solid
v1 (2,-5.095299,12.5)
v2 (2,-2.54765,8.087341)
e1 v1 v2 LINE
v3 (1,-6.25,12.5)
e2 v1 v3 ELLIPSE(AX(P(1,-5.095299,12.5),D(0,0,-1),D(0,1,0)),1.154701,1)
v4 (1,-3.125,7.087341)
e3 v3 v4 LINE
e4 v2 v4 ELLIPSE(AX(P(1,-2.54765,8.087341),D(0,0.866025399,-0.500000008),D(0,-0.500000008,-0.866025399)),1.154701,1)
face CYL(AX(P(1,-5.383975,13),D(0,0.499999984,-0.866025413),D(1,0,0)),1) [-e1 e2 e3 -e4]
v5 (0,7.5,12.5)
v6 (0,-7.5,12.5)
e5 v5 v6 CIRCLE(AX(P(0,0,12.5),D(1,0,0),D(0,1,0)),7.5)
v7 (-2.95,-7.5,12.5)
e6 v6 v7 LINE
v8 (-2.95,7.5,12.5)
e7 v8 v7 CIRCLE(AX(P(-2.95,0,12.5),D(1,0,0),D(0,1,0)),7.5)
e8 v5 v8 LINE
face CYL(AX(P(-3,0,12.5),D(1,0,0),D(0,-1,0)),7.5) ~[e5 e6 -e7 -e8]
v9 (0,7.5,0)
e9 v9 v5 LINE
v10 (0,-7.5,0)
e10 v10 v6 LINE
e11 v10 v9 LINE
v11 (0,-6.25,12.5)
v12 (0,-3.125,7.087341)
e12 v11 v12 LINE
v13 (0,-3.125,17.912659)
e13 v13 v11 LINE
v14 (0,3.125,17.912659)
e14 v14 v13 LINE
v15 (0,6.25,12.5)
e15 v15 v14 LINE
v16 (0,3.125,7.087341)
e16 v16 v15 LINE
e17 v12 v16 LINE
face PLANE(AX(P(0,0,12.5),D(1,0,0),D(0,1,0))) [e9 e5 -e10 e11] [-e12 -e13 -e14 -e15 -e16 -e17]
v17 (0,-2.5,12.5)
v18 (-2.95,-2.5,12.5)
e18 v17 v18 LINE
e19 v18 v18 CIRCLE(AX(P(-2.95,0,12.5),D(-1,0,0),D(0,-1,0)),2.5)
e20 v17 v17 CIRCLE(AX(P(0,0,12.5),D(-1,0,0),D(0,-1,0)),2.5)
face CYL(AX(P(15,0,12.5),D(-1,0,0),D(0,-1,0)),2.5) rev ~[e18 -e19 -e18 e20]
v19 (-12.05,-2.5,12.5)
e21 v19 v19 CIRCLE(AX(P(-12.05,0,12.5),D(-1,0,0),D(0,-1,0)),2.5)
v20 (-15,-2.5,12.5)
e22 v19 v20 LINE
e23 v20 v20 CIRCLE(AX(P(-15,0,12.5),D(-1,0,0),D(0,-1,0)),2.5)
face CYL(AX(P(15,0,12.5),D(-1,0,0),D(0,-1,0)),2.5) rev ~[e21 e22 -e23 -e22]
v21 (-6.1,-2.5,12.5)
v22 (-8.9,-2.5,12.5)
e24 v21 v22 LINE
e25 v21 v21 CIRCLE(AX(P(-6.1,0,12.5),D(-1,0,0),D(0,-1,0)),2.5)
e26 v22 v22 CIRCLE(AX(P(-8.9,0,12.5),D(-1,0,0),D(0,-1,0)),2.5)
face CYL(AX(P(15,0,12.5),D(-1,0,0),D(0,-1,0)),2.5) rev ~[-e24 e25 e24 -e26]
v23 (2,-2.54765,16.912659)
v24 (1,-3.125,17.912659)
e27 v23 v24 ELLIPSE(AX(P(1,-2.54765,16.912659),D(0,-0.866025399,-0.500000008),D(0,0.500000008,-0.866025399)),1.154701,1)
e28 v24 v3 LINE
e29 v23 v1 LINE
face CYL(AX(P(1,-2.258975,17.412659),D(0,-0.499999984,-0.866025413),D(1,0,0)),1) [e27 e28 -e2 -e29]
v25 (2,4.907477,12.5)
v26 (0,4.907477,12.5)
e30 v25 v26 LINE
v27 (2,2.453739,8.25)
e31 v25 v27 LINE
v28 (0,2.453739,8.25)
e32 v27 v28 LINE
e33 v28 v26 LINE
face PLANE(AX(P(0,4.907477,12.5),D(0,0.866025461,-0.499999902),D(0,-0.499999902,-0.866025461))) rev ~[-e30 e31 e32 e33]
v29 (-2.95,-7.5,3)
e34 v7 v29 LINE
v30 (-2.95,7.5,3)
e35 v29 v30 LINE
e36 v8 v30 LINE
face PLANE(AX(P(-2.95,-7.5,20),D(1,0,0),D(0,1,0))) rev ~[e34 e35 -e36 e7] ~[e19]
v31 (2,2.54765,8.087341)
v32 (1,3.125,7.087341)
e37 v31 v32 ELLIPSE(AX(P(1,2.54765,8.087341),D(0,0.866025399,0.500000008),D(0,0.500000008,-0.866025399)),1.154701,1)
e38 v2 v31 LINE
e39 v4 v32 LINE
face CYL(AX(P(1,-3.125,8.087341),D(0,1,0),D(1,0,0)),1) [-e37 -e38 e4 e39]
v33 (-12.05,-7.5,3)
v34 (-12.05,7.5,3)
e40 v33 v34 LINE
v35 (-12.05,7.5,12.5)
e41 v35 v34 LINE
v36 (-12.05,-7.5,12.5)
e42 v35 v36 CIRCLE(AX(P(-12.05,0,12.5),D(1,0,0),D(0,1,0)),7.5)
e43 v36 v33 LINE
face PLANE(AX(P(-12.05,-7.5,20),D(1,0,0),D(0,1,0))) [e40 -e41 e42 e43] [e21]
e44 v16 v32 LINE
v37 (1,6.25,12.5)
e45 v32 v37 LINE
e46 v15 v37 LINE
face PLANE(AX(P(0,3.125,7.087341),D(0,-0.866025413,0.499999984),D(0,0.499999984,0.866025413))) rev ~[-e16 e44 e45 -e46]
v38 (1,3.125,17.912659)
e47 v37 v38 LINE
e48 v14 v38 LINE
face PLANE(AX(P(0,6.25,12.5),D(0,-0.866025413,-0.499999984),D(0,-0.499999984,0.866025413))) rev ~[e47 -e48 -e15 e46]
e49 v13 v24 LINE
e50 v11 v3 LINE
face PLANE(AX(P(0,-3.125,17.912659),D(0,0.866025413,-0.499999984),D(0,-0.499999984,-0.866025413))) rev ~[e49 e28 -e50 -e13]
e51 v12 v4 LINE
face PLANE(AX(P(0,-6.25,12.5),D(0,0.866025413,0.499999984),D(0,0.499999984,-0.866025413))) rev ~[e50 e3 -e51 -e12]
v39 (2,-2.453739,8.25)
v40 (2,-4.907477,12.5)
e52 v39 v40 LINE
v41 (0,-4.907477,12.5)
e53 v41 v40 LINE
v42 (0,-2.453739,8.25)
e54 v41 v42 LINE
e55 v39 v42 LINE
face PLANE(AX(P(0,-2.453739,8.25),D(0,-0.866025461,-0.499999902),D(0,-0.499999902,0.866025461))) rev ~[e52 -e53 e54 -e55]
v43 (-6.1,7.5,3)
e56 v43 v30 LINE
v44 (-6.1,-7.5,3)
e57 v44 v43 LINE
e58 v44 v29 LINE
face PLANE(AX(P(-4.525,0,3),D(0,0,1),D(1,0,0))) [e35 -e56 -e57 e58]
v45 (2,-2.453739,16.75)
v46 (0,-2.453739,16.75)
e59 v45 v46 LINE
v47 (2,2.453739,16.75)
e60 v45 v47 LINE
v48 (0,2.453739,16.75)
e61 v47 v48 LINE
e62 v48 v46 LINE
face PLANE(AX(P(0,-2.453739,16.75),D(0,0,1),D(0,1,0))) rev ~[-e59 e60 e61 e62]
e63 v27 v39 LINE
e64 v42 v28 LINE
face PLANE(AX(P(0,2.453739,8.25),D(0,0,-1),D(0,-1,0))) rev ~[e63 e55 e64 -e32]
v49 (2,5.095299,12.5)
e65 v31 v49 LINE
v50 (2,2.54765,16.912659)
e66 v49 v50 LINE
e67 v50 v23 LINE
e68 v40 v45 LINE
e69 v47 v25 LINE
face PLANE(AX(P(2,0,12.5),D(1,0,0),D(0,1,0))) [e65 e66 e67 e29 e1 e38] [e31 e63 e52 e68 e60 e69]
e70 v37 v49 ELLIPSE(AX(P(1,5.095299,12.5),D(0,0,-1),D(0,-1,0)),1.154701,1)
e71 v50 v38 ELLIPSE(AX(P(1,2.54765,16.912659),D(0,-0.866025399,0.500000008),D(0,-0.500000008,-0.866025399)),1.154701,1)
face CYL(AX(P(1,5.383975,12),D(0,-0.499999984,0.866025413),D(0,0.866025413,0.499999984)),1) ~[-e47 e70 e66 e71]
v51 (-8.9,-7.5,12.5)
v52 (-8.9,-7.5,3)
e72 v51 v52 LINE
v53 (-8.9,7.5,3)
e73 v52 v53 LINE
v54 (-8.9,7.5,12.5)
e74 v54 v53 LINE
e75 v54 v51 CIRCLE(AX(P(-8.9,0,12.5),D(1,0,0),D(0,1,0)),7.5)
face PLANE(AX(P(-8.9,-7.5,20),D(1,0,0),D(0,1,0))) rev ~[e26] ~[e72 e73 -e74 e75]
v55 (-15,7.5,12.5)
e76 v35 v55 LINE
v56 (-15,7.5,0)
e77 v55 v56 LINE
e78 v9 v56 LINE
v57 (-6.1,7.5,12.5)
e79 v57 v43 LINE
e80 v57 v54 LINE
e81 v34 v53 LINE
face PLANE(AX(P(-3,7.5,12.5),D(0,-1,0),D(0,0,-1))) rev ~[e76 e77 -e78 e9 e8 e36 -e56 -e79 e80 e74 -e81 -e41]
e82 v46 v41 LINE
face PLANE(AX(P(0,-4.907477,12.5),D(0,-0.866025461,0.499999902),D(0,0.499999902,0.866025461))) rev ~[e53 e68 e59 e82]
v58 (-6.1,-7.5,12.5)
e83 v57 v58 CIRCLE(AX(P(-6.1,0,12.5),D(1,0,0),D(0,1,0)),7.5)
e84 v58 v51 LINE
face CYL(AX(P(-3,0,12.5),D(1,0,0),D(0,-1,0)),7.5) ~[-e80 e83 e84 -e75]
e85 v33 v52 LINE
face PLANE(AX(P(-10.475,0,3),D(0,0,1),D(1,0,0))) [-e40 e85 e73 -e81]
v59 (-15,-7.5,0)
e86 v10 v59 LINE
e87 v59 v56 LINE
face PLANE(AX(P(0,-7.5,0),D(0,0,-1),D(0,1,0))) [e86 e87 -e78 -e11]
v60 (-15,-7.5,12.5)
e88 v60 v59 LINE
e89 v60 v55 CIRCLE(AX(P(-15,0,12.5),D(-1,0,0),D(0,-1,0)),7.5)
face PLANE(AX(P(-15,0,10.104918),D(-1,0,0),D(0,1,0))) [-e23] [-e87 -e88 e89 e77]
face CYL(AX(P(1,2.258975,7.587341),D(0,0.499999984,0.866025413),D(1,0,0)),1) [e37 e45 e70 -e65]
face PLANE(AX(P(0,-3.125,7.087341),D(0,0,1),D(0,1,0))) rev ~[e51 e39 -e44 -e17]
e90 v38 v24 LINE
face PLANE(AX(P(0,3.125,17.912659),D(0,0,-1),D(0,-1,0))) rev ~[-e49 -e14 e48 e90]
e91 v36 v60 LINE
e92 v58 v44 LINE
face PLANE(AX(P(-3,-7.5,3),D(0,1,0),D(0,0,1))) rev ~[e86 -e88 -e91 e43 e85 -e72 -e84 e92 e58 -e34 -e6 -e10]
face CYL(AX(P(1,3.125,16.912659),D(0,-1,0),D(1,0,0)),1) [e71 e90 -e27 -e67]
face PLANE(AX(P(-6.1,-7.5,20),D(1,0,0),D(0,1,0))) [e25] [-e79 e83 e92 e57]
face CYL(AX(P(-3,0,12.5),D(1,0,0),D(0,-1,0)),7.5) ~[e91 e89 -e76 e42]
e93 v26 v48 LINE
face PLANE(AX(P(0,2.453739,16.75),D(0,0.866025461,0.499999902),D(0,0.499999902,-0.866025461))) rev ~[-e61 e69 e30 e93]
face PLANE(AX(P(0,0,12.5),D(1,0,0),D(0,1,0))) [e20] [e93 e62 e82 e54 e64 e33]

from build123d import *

# Parameters (mm, degrees)
F0_W      = 15
F0_H      = 3
F1_DEPTH  = 15
F2_DEPTH  = 3
F3_DEPTH  = 3
F4_DEPTH  = 2
F5_DEPTH  = 3
F6_DEPTH  = 12
F7_D      = 5
F7_DEPTH  = 15
F9_W      = 3.15
F9_H      = 15
F10_DEPTH = 17
F11_R     = 1


with BuildPart() as f1:
    # F0 (on Right) → F1 (new body)
    with BuildSketch(Plane.YZ):
        with Locations((0, 1.5)):
            Rectangle(F0_W, F0_H)
    extrude(amount=-F1_DEPTH)

    # F0 (on Right) → F2 (join)
    with BuildSketch(Plane.YZ):
        with BuildLine():
            Line((-7.5, 12.5), (-7.5, 3))
            Line((-7.5, 3), (7.5, 3))
            Line((7.5, 3), (7.5, 12.5))
            ThreePointArc((7.5, 12.5), (0, 20), (-7.5, 12.5))
        make_face()
        Polygon((-6.25, 12.5), (-3.125, 17.912659), (3.125, 17.912659), (6.25, 12.5), (3.125, 7.087341), (-3.125, 7.087341), align=None, mode=Mode.SUBTRACT)
    extrude(amount=-F2_DEPTH)

    # F0 (on Right) → F3 (join)
    with BuildSketch(Plane.YZ):
        Polygon((3.125, 17.912659), (-3.125, 17.912659), (-6.25, 12.5), (-3.125, 7.087341), (3.125, 7.087341), (6.25, 12.5), align=None)
        Polygon((-4.907477, 12.5), (-2.453739, 16.75), (2.453739, 16.75), (4.907477, 12.5), (2.453739, 8.25), (-2.453739, 8.25), align=None, mode=Mode.SUBTRACT)
    extrude(amount=-F3_DEPTH)

    # F0 (on Right) → F4 (join)
    with BuildSketch(Plane.YZ):
        Polygon((3.125, 17.912659), (-3.125, 17.912659), (-6.25, 12.5), (-3.125, 7.087341), (3.125, 7.087341), (6.25, 12.5), align=None)
        Polygon((-4.907477, 12.5), (-2.453739, 16.75), (2.453739, 16.75), (4.907477, 12.5), (2.453739, 8.25), (-2.453739, 8.25), align=None, mode=Mode.SUBTRACT)
    extrude(amount=F4_DEPTH)

    # F0 (on Right) → F5 (join)
    with BuildSketch(Plane.YZ):
        Polygon((2.453739, 16.75), (-2.453739, 16.75), (-4.907477, 12.5), (-2.453739, 8.25), (2.453739, 8.25), (4.907477, 12.5), align=None)
    extrude(amount=-F5_DEPTH)

    # F5_face (on face) → F6 (join)
    with BuildSketch(Plane(origin=(-3, 0, 10.786279), x_dir=(0, 1, 0), z_dir=(-1, 0, 0))):
        with BuildLine():
            Line((-7.5, 7.786279), (-7.5, -1.713721))
            ThreePointArc((-7.5, -1.713721), (0, -9.213721), (7.5, -1.713721))
            Line((7.5, -1.713721), (7.5, 7.786279))
            Line((7.5, 7.786279), (-7.5, 7.786279))
        make_face()
    extrude(amount=F6_DEPTH)

    # F7
    with Locations(Plane.YZ):
        with Locations((0, 12.5)):
            Hole(F7_D / 2, depth=F7_DEPTH)

    # F9 (on offset) → F10 (cut)
    with BuildSketch(Plane.XY.offset(20)):
        with Locations((-10.475, 0)):
            Rectangle(F9_W, F9_H)
        with Locations((-4.525, 0)):
            Rectangle(F9_W, F9_H)
    extrude(amount=-F10_DEPTH, mode=Mode.SUBTRACT)

    # F11
    f11_edges = [f1.edges().sort_by_distance(p)[0] for p in [
        (2, -4.6875, 9.793671),
        (2, 0, 7.087341),
        (2, -4.6875, 15.206329),
        (2, 0, 17.912659),
        (2, 4.6875, 15.206329),
        (2, 4.6875, 9.793671),
    ]]
    fillet(f11_edges, radius=F11_R)


solid = f1.part
